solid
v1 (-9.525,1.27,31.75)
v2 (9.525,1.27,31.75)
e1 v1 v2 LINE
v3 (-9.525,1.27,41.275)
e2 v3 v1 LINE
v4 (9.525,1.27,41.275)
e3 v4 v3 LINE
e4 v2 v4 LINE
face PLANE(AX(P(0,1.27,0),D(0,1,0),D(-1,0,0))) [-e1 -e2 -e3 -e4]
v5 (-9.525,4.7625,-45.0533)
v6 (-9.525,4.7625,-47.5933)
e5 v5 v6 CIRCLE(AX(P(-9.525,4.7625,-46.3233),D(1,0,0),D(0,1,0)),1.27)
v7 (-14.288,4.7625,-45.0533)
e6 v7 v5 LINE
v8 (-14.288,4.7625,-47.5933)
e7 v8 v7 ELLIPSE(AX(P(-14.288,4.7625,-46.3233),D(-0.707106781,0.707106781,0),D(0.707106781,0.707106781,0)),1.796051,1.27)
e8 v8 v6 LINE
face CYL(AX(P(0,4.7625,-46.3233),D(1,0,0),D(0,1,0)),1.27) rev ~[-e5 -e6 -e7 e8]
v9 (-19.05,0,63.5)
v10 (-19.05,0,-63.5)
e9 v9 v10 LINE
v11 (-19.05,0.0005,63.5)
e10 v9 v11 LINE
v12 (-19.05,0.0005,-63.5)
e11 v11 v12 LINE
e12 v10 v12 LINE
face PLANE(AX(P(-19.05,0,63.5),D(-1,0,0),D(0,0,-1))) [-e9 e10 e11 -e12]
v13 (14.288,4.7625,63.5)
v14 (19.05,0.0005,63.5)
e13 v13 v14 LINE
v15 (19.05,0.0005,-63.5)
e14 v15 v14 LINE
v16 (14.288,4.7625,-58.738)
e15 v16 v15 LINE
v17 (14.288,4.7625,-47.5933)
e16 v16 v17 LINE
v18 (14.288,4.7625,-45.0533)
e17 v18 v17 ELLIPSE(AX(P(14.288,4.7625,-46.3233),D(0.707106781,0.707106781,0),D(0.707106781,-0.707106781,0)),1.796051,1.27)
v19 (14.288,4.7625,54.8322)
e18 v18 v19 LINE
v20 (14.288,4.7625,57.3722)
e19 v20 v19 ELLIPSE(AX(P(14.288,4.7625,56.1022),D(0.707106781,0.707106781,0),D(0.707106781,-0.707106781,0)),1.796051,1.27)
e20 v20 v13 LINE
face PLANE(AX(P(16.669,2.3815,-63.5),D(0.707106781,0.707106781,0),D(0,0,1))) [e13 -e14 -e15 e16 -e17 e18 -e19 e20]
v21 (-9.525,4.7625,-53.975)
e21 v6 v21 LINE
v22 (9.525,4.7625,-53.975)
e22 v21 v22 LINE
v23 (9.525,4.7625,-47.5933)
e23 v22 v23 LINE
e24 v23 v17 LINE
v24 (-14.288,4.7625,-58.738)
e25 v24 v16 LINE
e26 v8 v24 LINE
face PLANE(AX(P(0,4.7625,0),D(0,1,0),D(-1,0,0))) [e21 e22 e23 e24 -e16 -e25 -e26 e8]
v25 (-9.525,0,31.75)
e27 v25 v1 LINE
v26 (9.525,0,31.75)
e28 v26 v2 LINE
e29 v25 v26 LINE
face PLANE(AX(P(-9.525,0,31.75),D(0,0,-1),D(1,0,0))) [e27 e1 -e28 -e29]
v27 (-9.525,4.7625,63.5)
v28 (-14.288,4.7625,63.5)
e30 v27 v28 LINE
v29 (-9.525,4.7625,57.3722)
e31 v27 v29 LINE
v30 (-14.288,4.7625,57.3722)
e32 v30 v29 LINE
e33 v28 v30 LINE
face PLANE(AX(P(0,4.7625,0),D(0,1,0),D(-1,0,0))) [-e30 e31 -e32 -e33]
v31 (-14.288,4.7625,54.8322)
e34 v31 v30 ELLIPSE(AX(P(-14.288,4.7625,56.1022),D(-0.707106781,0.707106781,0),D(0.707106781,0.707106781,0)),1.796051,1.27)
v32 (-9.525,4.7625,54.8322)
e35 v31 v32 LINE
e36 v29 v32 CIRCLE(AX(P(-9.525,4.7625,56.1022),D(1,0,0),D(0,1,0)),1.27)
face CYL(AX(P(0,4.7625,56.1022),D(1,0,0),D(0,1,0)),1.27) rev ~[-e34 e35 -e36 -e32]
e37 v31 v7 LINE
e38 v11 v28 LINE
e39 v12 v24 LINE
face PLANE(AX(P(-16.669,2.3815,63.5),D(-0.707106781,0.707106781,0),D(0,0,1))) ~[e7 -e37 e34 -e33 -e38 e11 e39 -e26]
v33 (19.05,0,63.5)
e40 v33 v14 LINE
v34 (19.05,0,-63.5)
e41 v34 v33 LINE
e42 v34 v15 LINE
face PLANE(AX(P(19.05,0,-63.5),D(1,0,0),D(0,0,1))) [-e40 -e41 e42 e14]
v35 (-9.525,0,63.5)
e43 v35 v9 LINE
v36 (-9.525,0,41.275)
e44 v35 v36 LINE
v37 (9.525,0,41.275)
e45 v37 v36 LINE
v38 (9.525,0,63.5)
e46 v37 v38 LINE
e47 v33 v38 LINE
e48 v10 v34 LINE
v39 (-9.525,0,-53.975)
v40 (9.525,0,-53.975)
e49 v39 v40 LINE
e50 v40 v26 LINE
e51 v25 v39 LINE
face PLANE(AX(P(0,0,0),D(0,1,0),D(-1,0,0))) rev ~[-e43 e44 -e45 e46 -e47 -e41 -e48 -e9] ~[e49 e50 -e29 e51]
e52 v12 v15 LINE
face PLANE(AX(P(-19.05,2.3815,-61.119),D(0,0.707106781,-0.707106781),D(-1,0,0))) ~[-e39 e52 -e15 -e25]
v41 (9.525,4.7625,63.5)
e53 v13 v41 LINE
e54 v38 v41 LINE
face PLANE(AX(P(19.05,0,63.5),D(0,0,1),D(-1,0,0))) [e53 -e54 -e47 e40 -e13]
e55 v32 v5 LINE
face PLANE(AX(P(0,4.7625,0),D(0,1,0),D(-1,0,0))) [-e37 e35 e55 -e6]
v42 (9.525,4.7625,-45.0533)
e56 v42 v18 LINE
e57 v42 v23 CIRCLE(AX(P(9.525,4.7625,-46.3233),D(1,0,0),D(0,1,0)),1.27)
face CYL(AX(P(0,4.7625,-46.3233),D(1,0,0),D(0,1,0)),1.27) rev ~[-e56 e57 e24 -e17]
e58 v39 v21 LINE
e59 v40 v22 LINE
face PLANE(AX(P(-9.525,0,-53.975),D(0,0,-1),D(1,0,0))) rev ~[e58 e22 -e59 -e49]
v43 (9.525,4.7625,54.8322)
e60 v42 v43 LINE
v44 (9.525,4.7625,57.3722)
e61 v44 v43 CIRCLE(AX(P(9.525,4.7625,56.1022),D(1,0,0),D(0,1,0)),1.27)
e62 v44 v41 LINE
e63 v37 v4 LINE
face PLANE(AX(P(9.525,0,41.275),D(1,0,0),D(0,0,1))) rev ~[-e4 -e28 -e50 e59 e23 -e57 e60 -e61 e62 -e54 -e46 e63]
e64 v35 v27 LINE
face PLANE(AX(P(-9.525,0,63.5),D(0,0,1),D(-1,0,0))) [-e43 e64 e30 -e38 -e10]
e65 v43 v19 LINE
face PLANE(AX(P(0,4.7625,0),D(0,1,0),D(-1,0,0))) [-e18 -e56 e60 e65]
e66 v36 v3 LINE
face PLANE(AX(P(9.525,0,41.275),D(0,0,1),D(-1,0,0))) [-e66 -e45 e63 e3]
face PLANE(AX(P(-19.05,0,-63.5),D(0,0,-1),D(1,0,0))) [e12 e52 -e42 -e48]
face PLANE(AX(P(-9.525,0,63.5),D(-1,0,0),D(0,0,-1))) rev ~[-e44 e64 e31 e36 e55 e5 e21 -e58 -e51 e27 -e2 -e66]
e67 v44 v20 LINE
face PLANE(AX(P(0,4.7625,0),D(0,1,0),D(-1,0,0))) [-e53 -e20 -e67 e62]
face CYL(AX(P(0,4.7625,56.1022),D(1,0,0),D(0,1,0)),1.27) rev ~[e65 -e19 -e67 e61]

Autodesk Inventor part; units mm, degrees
ref_plane "YZ Plane" through (0, 0, 0) normal (1, 0, 0) x (0, 1, 0)
ref_plane "XZ Plane" through (0, 0, 0) normal (0, 1, 0) x (-1, 0, 0)
ref_plane "XY Plane" through (0, 0, 0) normal (0, 0, 1) x (1, 0, 0)
sketch "Sketch1" plane through (0, 0, 0) normal (0, 1, 0) x (-1, 0, 0)
  line L0 (19.05, 63.5) -> (19.05, -63.5)
  line L1 (19.05, -63.5) -> (-19.05, -63.5)
  line L2 (-19.05, -63.5) -> (-19.05, 63.5)
  line L3 (9.525, 63.5) -> (9.525, -53.975)
  line L4 (9.525, -53.975) -> (-9.525, -53.975)
  line L5 (-9.525, -53.975) -> (-9.525, 63.5)
  line L6 (-19.05, 63.5) -> (-9.525, 63.5)
  line L7 (9.525, 63.5) -> (19.05, 63.5)
  line L8 (-9.525, 41.275) -> (9.525, 41.275)
  line L9 (9.525, 41.275) -> (9.525, 31.75)
  line L10 (9.525, 31.75) -> (-9.525, 31.75)
  line L11 (-9.525, 31.75) -> (-9.525, 41.275)
  point P0 (0, 0)
  dimension "d0" = 38.1
  dimension "d3" = 63.5
  dimension "d4" = 19.05
  dimension "d7" = 9.525
  dimension "d8" = 9.525
  dimension "d10" = 9.525
  dimension "d11" = 127
  dimension "d17" = 9.525
  dimension "d18" = 31.75
extrude "Extrusion2" add sketch "Sketch1" along normal blind 4.7625 contours L0 L1 L2 L6 L5 L4 L3 L7
extrude "Extrusion3" add sketch "Sketch1" along normal blind 1.27 contours L3 L10 L5 L8
chamfer "Chamfer1" distance 4.7625 angle 45 3 edges at (19.05, 4.7625, 0) (-19.05, 4.7625, 0) (0, 4.7625, -63.5)
sketch "Sketch2" plane through (0, 0, 0) normal (1, 0, 0) x (0, 1, 0)
  line L0 (0, -63.5) -> (0, -53.975) projected
  line L1 (0, -53.975) -> (4.7625, -53.975) projected
  line L2 (1.27, 31.75) -> (0, 31.75) projected
  line L3 (0, 31.75) -> (0, 41.275) projected
  line L4 (0, 41.275) -> (1.27, 41.275) projected
  line L5 (1.27, 41.275) -> (1.27, 31.75) projected
  line L6 (1.27, 31.75) -> (0, 31.75) projected
  line L7 (0, 31.75) -> (0, -53.975) projected
  line L8 (0, -53.975) -> (4.7625, -53.975) projected
  line L9 (0, 63.5) -> (4.7625, 63.5) projected
  line L10 (0, 63.5) -> (0, 41.275) projected
  line L11 (0, 41.275) -> (1.27, 41.275) projected
  line L12 (1.27, 41.275) -> (1.27, 31.75) projected
  circle A0 centre (4.7625, 56.1022) radius 1.27
  circle A1 centre (4.7625, -46.3233) radius 1.27
  line L13 (4.7625, -53.975) -> (4.7625, -58.7375) projected
  line L14 (4.7625, -58.7375) -> (0, -63.5) projected
  line L15 (4.7625, 63.5) -> (4.7625, -53.975) projected
  point P0 (0, 0)
  point P1 (6.35, -57.15)
  point P2 (6.35, -57.15)
  dimension "d24" = 7.3978
  dimension "d25" = 7.6517
  dimension "d26" = 2.54
  dimension "d27" = 4.7625
  dimension "d28" = 4.7625
extrude "Extrusion4" cut sketch "Sketch2" along normal through all both and the other way through all contours L15 A1 | A1 L15 | L15 A0 | A0 L15
equation "\"d3\" = 0.5 * d11"
equation "\"d4\" = 0.5 * d0"
equation "\"d8\" = d7"
equation "\"d10\" = d7"
equation "\"d17\" = d7"
equation "\"d18\" = 0.5 * d3"
equation "\"d12\" = 0.5 * d7"
equation "\"d14\" = 0.5 * d7"
equation "\"d27\" = 0.5 * d7"
equation "\"d28\" = d27"
equation "\"d22\" = 0.75 * d7"
properties part number "LegHolderV4"
